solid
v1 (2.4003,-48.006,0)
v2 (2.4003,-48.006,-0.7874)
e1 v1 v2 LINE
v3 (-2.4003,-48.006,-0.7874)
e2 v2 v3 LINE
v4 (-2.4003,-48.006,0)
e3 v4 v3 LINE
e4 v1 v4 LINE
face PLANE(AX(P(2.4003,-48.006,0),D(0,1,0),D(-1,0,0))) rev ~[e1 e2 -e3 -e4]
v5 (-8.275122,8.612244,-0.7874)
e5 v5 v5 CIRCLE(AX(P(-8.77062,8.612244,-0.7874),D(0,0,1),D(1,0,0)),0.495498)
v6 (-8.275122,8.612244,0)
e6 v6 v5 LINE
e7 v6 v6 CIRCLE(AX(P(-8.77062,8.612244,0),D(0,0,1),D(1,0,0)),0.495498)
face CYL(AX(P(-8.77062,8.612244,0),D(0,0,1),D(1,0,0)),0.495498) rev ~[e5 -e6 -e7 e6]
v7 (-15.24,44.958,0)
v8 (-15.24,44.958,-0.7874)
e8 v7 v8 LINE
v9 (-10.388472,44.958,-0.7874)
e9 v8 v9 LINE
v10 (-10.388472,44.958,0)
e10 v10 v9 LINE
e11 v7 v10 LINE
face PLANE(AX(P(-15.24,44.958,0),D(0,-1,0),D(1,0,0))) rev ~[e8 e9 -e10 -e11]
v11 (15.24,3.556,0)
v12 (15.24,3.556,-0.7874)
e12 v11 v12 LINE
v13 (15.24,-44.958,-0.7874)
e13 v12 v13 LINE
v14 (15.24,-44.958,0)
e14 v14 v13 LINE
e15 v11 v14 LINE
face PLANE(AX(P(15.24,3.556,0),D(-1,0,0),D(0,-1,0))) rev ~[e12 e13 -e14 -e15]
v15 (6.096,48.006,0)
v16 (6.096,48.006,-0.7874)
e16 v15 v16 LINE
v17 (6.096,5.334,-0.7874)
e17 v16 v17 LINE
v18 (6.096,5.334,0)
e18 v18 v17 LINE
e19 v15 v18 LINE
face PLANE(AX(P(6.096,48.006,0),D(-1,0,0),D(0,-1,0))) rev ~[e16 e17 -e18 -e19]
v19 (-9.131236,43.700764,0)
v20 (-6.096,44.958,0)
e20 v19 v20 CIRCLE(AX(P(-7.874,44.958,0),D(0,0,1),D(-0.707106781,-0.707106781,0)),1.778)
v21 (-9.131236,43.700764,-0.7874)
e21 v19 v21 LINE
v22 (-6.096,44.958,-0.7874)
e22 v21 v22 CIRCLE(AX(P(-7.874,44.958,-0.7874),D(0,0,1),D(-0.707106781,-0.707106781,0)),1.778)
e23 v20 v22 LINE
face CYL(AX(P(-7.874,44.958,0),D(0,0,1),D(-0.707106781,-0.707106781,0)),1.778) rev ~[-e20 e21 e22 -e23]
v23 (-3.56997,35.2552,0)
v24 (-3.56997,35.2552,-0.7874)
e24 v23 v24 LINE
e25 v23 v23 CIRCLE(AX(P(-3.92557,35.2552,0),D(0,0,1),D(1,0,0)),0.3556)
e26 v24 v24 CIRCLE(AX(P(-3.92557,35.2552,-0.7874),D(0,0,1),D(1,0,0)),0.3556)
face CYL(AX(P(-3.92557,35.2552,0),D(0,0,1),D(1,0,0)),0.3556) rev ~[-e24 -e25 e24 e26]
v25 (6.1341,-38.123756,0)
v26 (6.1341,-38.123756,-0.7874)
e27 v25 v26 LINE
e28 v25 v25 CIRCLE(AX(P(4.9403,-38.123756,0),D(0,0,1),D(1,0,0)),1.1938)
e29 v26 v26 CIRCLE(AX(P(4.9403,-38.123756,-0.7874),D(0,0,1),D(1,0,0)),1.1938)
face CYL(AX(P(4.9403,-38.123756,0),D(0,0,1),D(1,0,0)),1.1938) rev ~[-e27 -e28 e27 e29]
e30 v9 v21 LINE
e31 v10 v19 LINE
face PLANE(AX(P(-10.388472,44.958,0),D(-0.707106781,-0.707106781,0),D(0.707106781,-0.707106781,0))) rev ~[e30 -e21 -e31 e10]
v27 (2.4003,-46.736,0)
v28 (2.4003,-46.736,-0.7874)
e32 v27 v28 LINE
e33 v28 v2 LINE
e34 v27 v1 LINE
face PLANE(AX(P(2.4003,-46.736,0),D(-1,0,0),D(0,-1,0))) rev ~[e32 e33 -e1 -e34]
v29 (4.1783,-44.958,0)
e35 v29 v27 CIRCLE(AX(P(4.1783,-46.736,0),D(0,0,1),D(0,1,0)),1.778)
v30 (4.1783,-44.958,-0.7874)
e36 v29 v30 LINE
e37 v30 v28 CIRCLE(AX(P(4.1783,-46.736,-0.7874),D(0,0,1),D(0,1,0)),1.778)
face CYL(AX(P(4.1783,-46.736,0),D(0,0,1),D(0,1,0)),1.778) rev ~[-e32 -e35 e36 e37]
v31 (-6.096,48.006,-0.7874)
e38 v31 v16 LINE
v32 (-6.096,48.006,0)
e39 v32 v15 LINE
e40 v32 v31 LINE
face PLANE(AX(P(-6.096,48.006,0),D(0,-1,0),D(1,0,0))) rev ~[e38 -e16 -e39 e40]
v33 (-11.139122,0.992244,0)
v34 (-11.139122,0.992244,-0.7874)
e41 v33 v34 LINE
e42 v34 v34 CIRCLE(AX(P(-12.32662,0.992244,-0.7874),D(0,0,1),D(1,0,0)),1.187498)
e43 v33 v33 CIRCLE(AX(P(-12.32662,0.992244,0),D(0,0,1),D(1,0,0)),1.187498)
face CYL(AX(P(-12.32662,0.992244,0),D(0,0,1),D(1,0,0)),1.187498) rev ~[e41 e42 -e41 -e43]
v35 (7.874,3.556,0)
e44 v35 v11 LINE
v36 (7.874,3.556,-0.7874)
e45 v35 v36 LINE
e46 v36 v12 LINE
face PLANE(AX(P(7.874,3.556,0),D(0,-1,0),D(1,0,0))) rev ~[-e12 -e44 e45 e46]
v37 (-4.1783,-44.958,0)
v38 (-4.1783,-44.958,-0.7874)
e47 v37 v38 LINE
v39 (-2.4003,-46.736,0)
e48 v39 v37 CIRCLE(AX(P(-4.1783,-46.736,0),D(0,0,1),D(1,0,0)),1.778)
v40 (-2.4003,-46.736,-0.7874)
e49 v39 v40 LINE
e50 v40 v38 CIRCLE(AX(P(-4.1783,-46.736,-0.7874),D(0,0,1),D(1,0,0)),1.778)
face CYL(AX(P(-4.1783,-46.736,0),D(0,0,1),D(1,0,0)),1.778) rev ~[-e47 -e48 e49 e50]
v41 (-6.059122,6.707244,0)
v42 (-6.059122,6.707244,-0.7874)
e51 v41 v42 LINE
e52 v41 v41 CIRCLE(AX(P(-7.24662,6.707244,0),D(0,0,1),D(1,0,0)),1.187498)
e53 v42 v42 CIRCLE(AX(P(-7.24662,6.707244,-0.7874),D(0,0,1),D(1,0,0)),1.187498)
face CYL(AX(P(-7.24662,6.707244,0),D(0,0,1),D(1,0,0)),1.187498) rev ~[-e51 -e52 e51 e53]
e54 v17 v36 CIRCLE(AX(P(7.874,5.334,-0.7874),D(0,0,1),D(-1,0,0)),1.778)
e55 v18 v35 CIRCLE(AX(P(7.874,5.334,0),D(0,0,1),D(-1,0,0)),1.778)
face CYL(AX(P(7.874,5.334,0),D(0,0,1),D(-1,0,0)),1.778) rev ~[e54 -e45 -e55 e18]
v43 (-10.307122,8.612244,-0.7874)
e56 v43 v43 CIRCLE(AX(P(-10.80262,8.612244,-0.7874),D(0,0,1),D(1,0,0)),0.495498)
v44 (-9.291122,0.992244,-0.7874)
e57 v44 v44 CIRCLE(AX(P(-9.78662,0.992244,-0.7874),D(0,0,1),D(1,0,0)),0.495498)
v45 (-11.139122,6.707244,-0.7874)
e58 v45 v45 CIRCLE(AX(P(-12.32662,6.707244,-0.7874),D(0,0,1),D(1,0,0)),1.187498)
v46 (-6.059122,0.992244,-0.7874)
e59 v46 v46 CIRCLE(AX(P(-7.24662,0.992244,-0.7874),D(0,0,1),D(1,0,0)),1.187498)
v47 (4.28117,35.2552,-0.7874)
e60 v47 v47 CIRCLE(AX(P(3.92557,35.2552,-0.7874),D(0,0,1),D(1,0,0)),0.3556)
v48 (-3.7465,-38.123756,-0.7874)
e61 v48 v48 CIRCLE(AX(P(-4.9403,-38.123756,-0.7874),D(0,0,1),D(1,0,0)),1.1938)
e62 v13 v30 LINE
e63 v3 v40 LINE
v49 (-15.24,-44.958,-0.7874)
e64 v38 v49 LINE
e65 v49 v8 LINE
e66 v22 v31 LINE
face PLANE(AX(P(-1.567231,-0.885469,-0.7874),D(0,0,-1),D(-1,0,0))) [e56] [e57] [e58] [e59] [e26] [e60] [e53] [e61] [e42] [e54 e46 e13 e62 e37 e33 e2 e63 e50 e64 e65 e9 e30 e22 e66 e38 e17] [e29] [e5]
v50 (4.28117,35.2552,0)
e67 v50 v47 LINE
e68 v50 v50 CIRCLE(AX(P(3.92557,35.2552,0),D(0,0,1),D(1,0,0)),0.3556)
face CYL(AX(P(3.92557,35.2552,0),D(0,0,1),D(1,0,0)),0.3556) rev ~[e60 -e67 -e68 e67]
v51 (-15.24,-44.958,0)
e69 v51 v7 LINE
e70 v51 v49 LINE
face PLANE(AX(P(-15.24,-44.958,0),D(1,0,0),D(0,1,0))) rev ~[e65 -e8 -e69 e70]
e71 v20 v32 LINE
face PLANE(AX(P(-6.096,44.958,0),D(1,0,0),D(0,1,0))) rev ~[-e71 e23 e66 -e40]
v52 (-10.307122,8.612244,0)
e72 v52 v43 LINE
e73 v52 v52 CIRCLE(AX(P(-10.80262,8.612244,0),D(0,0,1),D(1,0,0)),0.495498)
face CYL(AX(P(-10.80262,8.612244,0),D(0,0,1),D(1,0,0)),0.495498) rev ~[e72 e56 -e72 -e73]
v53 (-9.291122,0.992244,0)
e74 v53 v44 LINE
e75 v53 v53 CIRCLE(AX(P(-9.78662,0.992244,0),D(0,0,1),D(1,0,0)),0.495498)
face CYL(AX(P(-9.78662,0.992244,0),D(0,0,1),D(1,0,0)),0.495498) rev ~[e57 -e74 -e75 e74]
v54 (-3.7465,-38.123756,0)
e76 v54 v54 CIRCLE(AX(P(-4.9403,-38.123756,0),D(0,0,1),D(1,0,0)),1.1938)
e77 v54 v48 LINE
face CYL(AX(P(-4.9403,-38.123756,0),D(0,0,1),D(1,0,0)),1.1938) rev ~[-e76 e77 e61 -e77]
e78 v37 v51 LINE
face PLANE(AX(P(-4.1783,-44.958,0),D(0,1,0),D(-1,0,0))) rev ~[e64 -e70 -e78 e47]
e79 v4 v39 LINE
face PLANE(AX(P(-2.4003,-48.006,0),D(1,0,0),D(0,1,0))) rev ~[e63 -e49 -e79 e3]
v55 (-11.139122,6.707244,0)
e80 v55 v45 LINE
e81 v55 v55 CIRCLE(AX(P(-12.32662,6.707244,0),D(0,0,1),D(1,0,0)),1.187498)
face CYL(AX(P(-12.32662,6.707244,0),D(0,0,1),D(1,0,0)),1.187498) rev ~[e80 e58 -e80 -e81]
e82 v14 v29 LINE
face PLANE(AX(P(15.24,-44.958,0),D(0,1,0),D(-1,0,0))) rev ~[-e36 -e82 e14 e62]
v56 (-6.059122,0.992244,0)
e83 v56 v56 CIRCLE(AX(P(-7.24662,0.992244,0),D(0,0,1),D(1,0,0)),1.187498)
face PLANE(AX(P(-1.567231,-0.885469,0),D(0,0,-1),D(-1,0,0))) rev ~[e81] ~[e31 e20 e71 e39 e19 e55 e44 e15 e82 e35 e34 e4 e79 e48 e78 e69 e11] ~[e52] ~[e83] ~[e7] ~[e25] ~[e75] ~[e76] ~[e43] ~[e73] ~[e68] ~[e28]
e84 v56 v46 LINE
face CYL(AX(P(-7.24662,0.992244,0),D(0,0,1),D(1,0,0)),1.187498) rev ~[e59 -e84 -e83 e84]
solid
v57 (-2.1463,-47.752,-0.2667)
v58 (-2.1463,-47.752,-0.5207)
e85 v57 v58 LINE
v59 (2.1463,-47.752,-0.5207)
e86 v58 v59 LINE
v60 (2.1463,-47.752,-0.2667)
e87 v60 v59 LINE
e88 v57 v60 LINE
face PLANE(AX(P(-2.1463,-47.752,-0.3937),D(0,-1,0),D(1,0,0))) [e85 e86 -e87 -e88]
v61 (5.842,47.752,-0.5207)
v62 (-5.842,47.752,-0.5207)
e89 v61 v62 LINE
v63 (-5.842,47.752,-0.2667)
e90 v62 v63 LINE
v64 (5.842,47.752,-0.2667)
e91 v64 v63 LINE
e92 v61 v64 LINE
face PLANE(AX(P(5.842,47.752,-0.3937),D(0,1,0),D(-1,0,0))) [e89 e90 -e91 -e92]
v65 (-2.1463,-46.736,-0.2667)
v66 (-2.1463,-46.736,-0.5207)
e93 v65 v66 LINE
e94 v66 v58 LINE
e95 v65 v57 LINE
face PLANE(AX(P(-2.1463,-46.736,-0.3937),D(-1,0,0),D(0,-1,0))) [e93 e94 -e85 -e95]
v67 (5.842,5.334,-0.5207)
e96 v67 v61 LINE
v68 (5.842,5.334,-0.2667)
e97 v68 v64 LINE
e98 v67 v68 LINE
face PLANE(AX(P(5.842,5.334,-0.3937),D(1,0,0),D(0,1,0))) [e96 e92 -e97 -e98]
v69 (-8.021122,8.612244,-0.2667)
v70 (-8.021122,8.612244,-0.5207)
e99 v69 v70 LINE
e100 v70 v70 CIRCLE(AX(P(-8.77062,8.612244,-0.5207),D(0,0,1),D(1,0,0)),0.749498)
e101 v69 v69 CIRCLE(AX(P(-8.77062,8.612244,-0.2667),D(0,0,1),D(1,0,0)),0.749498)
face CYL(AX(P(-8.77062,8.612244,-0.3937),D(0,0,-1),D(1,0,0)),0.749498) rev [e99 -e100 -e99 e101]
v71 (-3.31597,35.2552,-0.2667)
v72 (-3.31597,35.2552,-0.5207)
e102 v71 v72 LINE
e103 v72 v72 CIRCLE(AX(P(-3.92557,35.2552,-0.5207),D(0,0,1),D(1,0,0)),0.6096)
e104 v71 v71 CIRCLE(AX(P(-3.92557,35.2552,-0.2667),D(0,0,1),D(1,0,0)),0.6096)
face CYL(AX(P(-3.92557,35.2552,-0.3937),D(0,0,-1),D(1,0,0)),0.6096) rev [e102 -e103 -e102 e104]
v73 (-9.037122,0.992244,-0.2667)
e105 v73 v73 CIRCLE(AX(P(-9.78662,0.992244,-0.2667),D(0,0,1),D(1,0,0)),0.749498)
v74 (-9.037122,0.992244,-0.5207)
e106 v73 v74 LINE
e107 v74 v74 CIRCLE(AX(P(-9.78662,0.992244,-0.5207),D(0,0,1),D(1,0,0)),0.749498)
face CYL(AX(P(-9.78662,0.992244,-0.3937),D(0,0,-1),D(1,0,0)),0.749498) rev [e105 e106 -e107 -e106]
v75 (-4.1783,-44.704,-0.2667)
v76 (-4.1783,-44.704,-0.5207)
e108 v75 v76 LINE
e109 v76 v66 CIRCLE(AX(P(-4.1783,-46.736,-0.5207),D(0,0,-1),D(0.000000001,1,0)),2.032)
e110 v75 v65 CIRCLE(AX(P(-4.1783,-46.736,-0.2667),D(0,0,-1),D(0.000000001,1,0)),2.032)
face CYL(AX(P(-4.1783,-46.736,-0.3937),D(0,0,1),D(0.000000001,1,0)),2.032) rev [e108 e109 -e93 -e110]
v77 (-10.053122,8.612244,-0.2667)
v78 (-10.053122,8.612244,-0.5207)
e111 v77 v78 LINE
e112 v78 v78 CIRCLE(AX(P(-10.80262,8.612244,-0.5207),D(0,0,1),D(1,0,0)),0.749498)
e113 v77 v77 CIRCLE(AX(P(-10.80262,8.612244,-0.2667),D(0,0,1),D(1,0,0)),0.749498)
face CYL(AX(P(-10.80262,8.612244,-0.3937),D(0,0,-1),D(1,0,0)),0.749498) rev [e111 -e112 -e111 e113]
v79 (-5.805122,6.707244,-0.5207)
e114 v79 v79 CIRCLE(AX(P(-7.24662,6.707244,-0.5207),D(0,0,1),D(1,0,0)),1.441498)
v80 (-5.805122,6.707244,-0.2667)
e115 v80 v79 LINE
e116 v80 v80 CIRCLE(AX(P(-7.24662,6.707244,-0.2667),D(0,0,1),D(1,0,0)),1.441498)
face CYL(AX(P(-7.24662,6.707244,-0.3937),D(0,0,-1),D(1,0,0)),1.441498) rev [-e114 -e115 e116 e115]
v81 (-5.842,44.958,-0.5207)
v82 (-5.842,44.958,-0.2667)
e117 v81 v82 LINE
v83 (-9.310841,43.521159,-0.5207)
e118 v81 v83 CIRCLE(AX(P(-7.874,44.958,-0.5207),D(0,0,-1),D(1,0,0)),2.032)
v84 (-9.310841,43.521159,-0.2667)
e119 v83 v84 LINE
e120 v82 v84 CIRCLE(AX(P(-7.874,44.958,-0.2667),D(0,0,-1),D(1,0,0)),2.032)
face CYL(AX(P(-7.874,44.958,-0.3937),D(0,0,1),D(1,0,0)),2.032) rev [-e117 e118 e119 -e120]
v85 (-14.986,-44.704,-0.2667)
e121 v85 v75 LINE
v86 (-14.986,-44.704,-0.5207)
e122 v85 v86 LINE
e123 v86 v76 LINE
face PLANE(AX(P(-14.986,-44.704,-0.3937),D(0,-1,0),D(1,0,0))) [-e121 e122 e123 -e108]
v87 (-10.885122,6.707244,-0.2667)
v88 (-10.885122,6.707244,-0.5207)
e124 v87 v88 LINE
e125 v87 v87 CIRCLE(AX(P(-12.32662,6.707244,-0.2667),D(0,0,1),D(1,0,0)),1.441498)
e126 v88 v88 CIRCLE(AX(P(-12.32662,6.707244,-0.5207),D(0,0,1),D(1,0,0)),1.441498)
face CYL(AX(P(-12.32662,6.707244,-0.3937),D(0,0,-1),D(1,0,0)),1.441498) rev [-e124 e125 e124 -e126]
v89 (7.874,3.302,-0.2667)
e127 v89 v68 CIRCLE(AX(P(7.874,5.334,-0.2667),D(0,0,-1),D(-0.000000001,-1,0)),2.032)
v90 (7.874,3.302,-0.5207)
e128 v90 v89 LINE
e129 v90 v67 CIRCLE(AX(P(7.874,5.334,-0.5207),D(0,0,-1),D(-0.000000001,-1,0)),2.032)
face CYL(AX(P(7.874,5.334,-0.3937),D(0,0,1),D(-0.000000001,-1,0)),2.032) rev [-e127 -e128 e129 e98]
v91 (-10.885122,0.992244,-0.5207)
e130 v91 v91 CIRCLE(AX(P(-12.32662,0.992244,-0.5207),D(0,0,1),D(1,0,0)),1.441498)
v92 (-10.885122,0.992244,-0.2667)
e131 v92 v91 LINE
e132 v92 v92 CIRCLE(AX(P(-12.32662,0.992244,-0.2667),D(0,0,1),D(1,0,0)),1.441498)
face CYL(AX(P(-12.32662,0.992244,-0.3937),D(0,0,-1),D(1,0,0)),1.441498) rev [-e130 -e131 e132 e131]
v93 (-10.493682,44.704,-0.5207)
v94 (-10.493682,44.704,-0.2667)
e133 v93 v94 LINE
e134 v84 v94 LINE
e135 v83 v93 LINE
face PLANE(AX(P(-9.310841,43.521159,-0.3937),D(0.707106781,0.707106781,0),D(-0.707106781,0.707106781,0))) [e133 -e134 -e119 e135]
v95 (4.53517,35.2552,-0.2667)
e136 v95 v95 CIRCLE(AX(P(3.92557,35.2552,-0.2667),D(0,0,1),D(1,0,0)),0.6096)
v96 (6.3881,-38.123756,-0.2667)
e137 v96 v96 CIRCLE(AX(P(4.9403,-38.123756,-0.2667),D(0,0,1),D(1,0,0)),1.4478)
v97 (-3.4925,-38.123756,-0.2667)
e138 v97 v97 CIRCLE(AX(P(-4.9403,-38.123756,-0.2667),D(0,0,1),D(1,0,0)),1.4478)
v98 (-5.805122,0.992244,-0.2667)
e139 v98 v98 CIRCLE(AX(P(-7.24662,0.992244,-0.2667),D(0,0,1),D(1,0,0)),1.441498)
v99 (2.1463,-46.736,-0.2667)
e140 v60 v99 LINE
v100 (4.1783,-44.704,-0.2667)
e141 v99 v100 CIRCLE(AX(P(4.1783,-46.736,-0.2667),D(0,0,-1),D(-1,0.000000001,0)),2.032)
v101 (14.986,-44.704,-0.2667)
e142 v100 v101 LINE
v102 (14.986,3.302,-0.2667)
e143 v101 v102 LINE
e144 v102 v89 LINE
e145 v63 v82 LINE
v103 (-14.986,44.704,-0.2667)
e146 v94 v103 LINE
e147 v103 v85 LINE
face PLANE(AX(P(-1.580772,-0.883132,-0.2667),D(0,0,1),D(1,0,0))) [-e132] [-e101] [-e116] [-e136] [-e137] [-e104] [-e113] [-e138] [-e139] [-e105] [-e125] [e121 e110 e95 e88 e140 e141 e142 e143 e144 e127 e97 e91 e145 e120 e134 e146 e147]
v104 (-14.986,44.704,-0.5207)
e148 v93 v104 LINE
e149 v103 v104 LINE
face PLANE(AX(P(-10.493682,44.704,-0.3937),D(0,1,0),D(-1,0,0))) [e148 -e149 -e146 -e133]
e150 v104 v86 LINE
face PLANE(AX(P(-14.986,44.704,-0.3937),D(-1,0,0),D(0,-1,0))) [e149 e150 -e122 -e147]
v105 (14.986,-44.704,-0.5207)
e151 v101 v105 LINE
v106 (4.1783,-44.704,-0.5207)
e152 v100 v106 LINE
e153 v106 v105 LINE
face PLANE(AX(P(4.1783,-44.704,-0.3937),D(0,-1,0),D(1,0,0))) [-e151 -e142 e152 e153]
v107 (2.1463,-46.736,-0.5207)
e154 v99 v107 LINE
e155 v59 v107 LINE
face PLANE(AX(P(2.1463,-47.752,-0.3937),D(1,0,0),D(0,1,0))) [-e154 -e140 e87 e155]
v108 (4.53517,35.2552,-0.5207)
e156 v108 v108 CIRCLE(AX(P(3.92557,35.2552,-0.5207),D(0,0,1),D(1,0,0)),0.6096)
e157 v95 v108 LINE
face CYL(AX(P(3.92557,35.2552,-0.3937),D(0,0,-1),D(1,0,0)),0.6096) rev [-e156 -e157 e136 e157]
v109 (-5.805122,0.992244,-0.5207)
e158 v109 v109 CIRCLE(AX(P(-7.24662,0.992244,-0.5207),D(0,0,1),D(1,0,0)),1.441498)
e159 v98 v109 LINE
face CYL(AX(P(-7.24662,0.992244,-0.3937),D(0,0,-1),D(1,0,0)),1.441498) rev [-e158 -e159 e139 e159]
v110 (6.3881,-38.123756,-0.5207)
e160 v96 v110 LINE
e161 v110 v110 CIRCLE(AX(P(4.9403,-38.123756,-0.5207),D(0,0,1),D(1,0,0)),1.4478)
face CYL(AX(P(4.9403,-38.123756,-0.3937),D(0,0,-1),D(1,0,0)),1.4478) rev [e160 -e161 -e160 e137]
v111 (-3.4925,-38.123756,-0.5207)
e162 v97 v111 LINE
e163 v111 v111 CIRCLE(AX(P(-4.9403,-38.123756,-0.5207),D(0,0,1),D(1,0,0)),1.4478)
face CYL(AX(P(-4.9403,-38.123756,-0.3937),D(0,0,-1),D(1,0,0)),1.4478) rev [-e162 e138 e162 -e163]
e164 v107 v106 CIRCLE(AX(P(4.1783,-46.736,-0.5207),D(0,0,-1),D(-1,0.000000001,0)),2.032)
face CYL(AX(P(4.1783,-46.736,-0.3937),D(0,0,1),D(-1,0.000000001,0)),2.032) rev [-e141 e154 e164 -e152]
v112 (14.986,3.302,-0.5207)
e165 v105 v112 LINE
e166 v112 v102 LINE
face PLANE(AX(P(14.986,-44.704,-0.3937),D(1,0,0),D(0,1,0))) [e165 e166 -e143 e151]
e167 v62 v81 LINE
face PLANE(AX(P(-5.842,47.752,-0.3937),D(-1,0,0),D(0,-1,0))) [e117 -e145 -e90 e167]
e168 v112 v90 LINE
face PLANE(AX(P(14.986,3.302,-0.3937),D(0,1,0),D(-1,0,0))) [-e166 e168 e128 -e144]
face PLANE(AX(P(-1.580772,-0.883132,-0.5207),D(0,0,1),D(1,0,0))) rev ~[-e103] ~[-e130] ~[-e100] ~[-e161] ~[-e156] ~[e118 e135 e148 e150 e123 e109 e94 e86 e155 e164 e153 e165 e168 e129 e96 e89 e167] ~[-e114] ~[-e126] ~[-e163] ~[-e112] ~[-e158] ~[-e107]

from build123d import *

# Parameters (mm, degrees)
SKETCH3_R           = 0.3556
SKETCH3_R_2         = 1.1938
SKETCH3_R_3         = 1.18749826
SKETCH3_R_4         = 0.49549812
BOSS_EXTRUDE1_DEPTH = 0.7874
SKETCH13_R          = 1.44149826
SKETCH13_R_2        = 0.74949812
SKETCH13_R_3        = 0.6096
SKETCH13_R_4        = 1.4478
BOSS_EXTRUDE4_DEPTH = 0.127


with BuildPart() as part:
    # Sketch3 → Boss-Extrude1 (new body)
    with BuildSketch(Plane.XY):
        with BuildLine():
            Line((7.874, 3.556), (15.24, 3.556))
            Line((15.24, 3.556), (15.24, -44.958))
            Line((15.24, -44.958), (4.1783, -44.958))
            ThreePointArc((4.1783, -44.958), (2.921064143, -45.478764143), (2.4003, -46.736))
            Line((2.4003, -46.736), (2.4003, -48.006))
            Line((2.4003, -48.006), (-2.4003, -48.006))
            Line((-2.4003, -48.006), (-2.4003, -46.736))
            ThreePointArc((-2.4003, -46.736), (-2.921064143, -45.478764143), (-4.1783, -44.958))
            Line((-4.1783, -44.958), (-15.24, -44.958))
            Line((-15.24, -44.958), (-15.24, 44.958))
            Line((-15.24, 44.958), (-10.388471714, 44.958))
            Line((-10.388471714, 44.958), (-9.131235857, 43.700764143))
            ThreePointArc((-9.131235857, 43.700764143), (-7.193588857, 43.315342191), (-6.096, 44.958))
            Line((-6.096, 44.958), (-6.096, 48.006))
            Line((-6.096, 48.006), (6.096, 48.006))
            Line((6.096, 48.006), (6.096, 5.334))
            ThreePointArc((6.096, 5.334), (6.616764143, 4.076764143), (7.874, 3.556))
        make_face()
        with Locations((-3.92557, 35.2552)):
            Circle(SKETCH3_R, mode=Mode.SUBTRACT)
        with Locations((3.92557, 35.2552)):
            Circle(SKETCH3_R, mode=Mode.SUBTRACT)
        with Locations((-4.9403, -38.123756366)):
            Circle(SKETCH3_R_2, mode=Mode.SUBTRACT)
        with Locations((4.9403, -38.123756366)):
            Circle(SKETCH3_R_2, mode=Mode.SUBTRACT)
        with Locations((-12.32662, 0.992243634)):
            Circle(SKETCH3_R_3, mode=Mode.SUBTRACT)
        with Locations((-9.78662, 0.992243634)):
            Circle(SKETCH3_R_4, mode=Mode.SUBTRACT)
        with Locations((-7.24662, 0.992243634)):
            Circle(SKETCH3_R_3, mode=Mode.SUBTRACT)
        with Locations((-7.24662, 6.707243634)):
            Circle(SKETCH3_R_3, mode=Mode.SUBTRACT)
        with Locations((-12.32662, 6.707243634)):
            Circle(SKETCH3_R_3, mode=Mode.SUBTRACT)
        with Locations((-8.77062, 8.612243634)):
            Circle(SKETCH3_R_4, mode=Mode.SUBTRACT)
        with Locations((-10.80262, 8.612243634)):
            Circle(SKETCH3_R_4, mode=Mode.SUBTRACT)
    extrude(amount=-BOSS_EXTRUDE1_DEPTH)


with BuildPart() as body_2:
    # Sketch13 → Boss-Extrude4 (new, symmetric)
    with BuildSketch(Plane.XY.offset(-0.3937)):
        with BuildLine():
            Line((14.986, -44.704), (14.986, 3.302))
            Line((14.986, 3.302), (7.874, 3.302))
            ThreePointArc((7.874, 3.302), (6.437159021, 3.897159021), (5.842, 5.334))
            Line((5.842, 5.334), (5.842, 47.752))
            Line((5.842, 47.752), (-5.842, 47.752))
            Line((-5.842, 47.752), (-5.842, 44.958))
            ThreePointArc((-5.842, 44.958), (-7.096387265, 43.08067679), (-9.310840979, 43.521159021))
            Line((-9.310840979, 43.521159021), (-10.493681959, 44.704))
            Line((-10.493681959, 44.704), (-14.986, 44.704))
            Line((-14.986, 44.704), (-14.986, -44.704))
            Line((-14.986, -44.704), (-4.1783, -44.704))
            ThreePointArc((-4.1783, -44.704), (-2.741459021, -45.299159021), (-2.1463, -46.736))
            Line((-2.1463, -46.736), (-2.1463, -47.752))
            Line((-2.1463, -47.752), (2.1463, -47.752))
            Line((2.1463, -47.752), (2.1463, -46.736))
            ThreePointArc((2.1463, -46.736), (2.741459021, -45.299159021), (4.1783, -44.704))
            Line((4.1783, -44.704), (14.986, -44.704))
        make_face()
        with Locations((-7.24662, 0.992243634)):
            Circle(SKETCH13_R, mode=Mode.SUBTRACT)
        with Locations((-9.78662, 0.992243634)):
            Circle(SKETCH13_R_2, mode=Mode.SUBTRACT)
        with Locations((-12.32662, 0.992243634)):
            Circle(SKETCH13_R, mode=Mode.SUBTRACT)
        with Locations((-10.80262, 8.612243634)):
            Circle(SKETCH13_R_2, mode=Mode.SUBTRACT)
        with Locations((-8.77062, 8.612243634)):
            Circle(SKETCH13_R_2, mode=Mode.SUBTRACT)
        with Locations((-12.32662, 6.707243634)):
            Circle(SKETCH13_R, mode=Mode.SUBTRACT)
        with Locations((-7.24662, 6.707243634)):
            Circle(SKETCH13_R, mode=Mode.SUBTRACT)
        with Locations((3.92557, 35.2552)):
            Circle(SKETCH13_R_3, mode=Mode.SUBTRACT)
        with Locations((-3.92557, 35.2552)):
            Circle(SKETCH13_R_3, mode=Mode.SUBTRACT)
        with Locations((4.9403, -38.123756366)):
            Circle(SKETCH13_R_4, mode=Mode.SUBTRACT)
        with Locations((-4.9403, -38.123756366)):
            Circle(SKETCH13_R_4, mode=Mode.SUBTRACT)
    extrude(amount=BOSS_EXTRUDE4_DEPTH, both=True)


solid = Compound([part.part, body_2.part])
